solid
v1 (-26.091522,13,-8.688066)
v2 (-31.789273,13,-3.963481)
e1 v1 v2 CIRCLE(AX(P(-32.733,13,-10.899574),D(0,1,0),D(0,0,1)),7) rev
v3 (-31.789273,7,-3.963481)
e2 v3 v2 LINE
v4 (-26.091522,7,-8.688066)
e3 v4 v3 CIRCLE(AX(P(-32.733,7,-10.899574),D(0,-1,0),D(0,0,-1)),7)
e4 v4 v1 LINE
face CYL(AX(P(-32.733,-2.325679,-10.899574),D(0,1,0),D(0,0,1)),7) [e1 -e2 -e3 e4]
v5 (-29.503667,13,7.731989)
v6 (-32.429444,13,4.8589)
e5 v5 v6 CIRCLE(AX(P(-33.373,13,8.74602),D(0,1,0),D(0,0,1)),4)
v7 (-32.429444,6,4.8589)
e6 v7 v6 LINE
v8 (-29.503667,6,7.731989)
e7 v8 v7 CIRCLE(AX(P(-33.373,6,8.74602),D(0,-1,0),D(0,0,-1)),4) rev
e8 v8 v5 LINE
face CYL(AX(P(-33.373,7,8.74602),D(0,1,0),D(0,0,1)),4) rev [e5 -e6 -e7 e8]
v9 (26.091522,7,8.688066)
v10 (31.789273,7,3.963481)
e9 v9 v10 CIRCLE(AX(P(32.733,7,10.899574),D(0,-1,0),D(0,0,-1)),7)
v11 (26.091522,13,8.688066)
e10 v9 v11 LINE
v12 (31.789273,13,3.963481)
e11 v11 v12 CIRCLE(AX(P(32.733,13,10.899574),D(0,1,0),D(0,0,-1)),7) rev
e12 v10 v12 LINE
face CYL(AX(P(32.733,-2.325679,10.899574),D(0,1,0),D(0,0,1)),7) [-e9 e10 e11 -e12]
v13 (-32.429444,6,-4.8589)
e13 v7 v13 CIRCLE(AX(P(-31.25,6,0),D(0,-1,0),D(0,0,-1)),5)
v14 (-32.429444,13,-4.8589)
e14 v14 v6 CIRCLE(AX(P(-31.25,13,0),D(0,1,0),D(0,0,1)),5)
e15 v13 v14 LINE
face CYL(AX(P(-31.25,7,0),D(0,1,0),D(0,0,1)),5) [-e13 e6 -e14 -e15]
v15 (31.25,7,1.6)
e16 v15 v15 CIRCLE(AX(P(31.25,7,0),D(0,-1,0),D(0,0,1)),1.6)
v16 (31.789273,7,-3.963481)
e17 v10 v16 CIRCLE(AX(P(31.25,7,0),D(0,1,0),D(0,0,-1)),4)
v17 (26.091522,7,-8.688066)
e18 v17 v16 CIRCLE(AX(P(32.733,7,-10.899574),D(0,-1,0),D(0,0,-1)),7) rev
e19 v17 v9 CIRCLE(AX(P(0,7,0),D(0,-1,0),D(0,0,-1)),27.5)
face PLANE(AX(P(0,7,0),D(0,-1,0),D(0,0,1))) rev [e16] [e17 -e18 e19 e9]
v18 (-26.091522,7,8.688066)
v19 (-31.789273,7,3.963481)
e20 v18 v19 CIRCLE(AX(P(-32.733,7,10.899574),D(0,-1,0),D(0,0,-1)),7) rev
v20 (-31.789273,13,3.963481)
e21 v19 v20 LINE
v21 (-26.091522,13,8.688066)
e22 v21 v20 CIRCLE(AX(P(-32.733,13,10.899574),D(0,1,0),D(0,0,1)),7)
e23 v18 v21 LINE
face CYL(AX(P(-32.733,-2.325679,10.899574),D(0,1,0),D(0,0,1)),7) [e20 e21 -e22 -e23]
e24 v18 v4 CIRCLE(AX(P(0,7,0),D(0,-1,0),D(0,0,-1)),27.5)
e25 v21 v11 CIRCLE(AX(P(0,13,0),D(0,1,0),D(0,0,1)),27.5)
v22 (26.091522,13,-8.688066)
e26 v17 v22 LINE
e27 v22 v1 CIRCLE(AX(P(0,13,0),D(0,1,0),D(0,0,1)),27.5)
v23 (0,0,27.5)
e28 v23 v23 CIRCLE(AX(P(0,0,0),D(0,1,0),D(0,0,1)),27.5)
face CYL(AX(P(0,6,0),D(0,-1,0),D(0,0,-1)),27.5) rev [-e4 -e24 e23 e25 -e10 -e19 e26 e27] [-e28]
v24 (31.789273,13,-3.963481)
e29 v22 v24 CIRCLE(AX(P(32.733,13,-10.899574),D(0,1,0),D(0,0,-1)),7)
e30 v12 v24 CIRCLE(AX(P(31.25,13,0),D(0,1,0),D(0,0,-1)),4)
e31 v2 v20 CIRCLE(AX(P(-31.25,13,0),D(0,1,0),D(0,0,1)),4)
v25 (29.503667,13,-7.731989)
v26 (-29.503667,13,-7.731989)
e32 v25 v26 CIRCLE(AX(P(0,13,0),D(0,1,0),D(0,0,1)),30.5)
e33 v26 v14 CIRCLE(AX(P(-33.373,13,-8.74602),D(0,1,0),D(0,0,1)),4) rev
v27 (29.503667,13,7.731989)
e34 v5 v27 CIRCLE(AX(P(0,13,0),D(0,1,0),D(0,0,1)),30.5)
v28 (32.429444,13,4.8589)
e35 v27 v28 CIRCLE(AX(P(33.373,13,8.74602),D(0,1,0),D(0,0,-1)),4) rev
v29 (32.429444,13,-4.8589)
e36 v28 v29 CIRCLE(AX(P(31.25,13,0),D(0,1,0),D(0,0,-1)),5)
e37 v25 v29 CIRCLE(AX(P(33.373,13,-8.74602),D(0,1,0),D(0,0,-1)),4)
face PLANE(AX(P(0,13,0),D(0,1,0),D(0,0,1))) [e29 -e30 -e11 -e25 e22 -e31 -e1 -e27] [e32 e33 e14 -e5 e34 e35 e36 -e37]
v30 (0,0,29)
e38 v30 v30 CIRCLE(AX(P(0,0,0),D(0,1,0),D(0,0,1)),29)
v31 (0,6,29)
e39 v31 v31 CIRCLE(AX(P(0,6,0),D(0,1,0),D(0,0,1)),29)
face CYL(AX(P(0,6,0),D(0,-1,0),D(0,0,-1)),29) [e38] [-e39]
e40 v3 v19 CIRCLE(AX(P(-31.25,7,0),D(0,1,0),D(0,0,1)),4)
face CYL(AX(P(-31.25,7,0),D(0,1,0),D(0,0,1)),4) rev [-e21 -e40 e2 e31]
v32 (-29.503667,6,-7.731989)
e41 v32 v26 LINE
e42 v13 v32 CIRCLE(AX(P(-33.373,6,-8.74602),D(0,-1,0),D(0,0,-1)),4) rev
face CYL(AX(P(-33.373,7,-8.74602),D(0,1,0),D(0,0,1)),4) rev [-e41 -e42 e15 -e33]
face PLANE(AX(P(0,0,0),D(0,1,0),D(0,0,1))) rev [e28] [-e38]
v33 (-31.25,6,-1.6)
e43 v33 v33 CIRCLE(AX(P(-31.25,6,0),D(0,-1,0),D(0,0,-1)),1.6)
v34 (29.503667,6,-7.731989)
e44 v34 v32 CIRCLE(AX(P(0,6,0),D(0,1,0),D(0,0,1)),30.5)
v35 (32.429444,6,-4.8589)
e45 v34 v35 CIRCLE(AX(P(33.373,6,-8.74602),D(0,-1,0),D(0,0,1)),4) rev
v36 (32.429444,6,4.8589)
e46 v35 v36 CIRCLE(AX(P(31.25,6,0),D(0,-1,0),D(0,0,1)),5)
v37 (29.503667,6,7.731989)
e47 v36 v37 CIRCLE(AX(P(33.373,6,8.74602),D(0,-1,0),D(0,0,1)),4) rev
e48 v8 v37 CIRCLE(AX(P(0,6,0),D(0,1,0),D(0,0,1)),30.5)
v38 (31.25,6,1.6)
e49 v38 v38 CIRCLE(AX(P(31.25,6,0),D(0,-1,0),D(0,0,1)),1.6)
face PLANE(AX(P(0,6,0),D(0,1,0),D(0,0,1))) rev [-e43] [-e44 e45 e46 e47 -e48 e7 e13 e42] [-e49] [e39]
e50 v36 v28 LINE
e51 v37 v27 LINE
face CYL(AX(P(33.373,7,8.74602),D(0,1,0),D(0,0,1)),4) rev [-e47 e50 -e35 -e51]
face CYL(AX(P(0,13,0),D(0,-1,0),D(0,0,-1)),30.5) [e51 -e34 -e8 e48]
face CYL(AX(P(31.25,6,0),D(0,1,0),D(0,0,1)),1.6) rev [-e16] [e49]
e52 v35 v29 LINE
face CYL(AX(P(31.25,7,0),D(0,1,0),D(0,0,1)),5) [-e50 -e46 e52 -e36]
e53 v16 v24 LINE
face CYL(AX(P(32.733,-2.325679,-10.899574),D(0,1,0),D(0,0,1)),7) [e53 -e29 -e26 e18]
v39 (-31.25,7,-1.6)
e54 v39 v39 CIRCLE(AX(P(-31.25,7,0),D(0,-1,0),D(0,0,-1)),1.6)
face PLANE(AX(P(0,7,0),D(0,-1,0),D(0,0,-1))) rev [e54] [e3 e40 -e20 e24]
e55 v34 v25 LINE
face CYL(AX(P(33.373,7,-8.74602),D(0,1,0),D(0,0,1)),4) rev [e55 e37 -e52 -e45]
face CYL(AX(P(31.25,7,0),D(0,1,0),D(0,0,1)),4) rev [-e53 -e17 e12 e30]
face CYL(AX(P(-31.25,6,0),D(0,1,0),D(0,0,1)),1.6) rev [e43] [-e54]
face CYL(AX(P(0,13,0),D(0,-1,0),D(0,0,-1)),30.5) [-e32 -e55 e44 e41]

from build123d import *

# Parameters (mm, degrees)
SKETCH1_R           = 29
SKETCH1_R_2         = 27.5
BOSS_EXTRUDE1_DEPTH = 6
SKETCH3_R           = 30.5
SKETCH3_R_2         = 27.5
BOSS_EXTRUDE3_DEPTH = 7
BOSS_EXTRUDE4_START = -6
BOSS_EXTRUDE4_DEPTH = 6
CUT_EXTRUDE1_START  = -7
SKETCH6_R           = 4
CUT_EXTRUDE1_DEPTH  = 7
BOSS_EXTRUDE5_START = 1
SKETCH8_R           = 4
SKETCH8_R_2         = 1.6
BOSS_EXTRUDE5_DEPTH = 1
CUT_EXTRUDE2_START  = -6
CUT_EXTRUDE2_DEPTH  = 6
CUT_EXTRUDE3_START  = -10
SKETCH10_R          = 27.5
CUT_EXTRUDE3_DEPTH  = 10
CIRPATTERN1_COUNT   = 2


with BuildPart() as part:
    # Sketch1 → Boss-Extrude1 (new body)
    with BuildSketch(Plane(origin=(0, 0, 0), x_dir=(1, 0, 0), z_dir=(0, 1, 0))):
        with Locations(Location((0, 0, 0), (0, 0, 270))):
            Circle(SKETCH1_R)
        with Locations(Location((0, 0, 0), (0, 0, 270))):
            Circle(SKETCH1_R_2, mode=Mode.SUBTRACT)
    extrude(amount=BOSS_EXTRUDE1_DEPTH)

    # Sketch3 → Boss-Extrude3 (add)
    with BuildSketch(Plane(origin=(0, 6, 0), x_dir=(1, 0, 0), z_dir=(0, 1, 0))):
        with Locations(Location((0, 0, 0), (0, 0, 270))):
            Circle(SKETCH3_R)
        with Locations(Location((0, 0, 0), (0, 0, 270))):
            Circle(SKETCH3_R_2, mode=Mode.SUBTRACT)
    extrude(amount=BOSS_EXTRUDE3_DEPTH)

    # Sketch4 → Boss-Extrude4 (add)
    with BuildSketch(Plane(origin=(0, 13, 0), x_dir=(1, 0, 0), z_dir=(0, 1, 0)).offset(BOSS_EXTRUDE4_START)):
        with BuildLine():
            ThreePointArc((-30.253, -3.873756704), (-35.25, 0), (-30.253, 3.873756704))
            ThreePointArc((-30.253, 3.873756704), (-30.245409649, 3.932581236), (-30.237704918, 3.991390897))
            ThreePointArc((-30.237704918, 3.991390897), (-29.929181214, 5.873168807), (-29.503666667, 7.731988956))
            ThreePointArc((-29.503666667, 7.731988956), (-30.570387885, 5.892011652), (-32.429444444, 4.858900164))
            ThreePointArc((-32.429444444, 4.858900164), (-36.25, 0), (-32.429444444, -4.858900164))
            ThreePointArc((-32.429444444, -4.858900164), (-30.570387885, -5.892011652), (-29.503666667, -7.731988956))
            ThreePointArc((-29.503666667, -7.731988956), (-29.929181214, -5.873168807), (-30.237704918, -3.991390897))
            ThreePointArc((-30.237704918, -3.991390897), (-30.245409649, -3.932581236), (-30.253, -3.873756704))
        make_face()
    boss_extrude4 = extrude(amount=BOSS_EXTRUDE4_DEPTH)

    # Sketch6 → Cut-Extrude1 (cut)
    with BuildSketch(Plane(origin=(0, 13, 0), x_dir=(1, 0, 0), z_dir=(0, 1, 0)).offset(CUT_EXTRUDE1_START)):
        with Locations((-31.25, 0)):
            Circle(SKETCH6_R)
    cut_extrude1 = extrude(amount=CUT_EXTRUDE1_DEPTH, mode=Mode.SUBTRACT)

    # Sketch8 → Boss-Extrude5 (add)
    # profile 1 of 2: a face of its own
    with BuildSketch(Plane.XZ.offset(-7).offset(BOSS_EXTRUDE5_START)):
        with Locations((-31.25, 0)):
            Circle(SKETCH8_R)
        with Locations(Location((-31.25, 0, 0), (0, 0, 270))):
            Circle(SKETCH8_R_2, mode=Mode.SUBTRACT)
    # profile 2 of 2: a face of its own
    with BuildSketch(Plane.XZ.offset(-7).offset(BOSS_EXTRUDE5_START)):
        with BuildLine():
            ThreePointArc((-30.253, -3.873756704), (-29.94054595, -5.814955562), (-29.503666667, -7.731988956))
            ThreePointArc((-29.503666667, -7.731988956), (-30.570387885, -5.892011652), (-32.429444444, -4.858900164))
            ThreePointArc((-32.429444444, -4.858900164), (-36.25, 0), (-32.429444444, 4.858900164))
            ThreePointArc((-32.429444444, 4.858900164), (-30.570387885, 5.892011652), (-29.503666667, 7.731988956))
            ThreePointArc((-29.503666667, 7.731988956), (-29.94054595, 5.814955562), (-30.253, 3.873756704))
            ThreePointArc((-30.253, 3.873756704), (-35.25, 0), (-30.253, -3.873756704))
        make_face()
    boss_extrude5 = extrude(amount=-BOSS_EXTRUDE5_DEPTH)

    # Sketch9 → Cut-Extrude2 (cut)
    with BuildSketch(Plane(origin=(0, 13, 0), x_dir=(1, 0, 0), z_dir=(0, 1, 0)).offset(CUT_EXTRUDE2_START)):
        with BuildLine():
            ThreePointArc((-27.469, 1.305388448), (-27.033467309, 5.04397118), (-26.091521739, 8.688066145))
            ThreePointArc((-26.091521739, 8.688066145), (-28.264861577, 5.511091819), (-31.789272727, 3.963481415))
            ThreePointArc((-31.789272727, 3.963481415), (-29.15391711, 3.406822055), (-27.469, 1.305388448))
        make_face()
        with BuildLine():
            ThreePointArc((-31.789272727, -3.963481415), (-28.264861577, -5.511091819), (-26.091521739, -8.688066145))
            ThreePointArc((-26.091521739, -8.688066145), (-27.033467309, -5.04397118), (-27.469, -1.305388448))
            ThreePointArc((-27.469, -1.305388448), (-29.15391711, -3.406822055), (-31.789272727, -3.963481415))
        make_face()
    cut_extrude2 = extrude(amount=CUT_EXTRUDE2_DEPTH, mode=Mode.SUBTRACT)

    # Sketch10 → Cut-Extrude3 (cut)
    with BuildSketch(Plane(origin=(0, 7, 0), x_dir=(1, 0, 0), z_dir=(0, 1, 0)).offset(CUT_EXTRUDE3_START)):
        with Locations(Location((0, 0, 0), (0, 0, 161.583053277))):
            Circle(SKETCH10_R)
    cut_extrude3 = extrude(amount=CUT_EXTRUDE3_DEPTH, mode=Mode.SUBTRACT)

    # CirPattern1: Boss-Extrude4, Cut-Extrude1, Boss-Extrude5, Cut-Extrude2, Cut-Extrude3 ×2 about axis
    cirpattern1_axis = Axis((0, 0, 0), (0, 1, 0))
    add([boss_extrude4.rotate(cirpattern1_axis, i * 360 / CIRPATTERN1_COUNT) for i in range(1, CIRPATTERN1_COUNT)])
    add([cut_extrude1.rotate(cirpattern1_axis, i * 360 / CIRPATTERN1_COUNT) for i in range(1, CIRPATTERN1_COUNT)], mode=Mode.SUBTRACT)
    add([boss_extrude5.rotate(cirpattern1_axis, i * 360 / CIRPATTERN1_COUNT) for i in range(1, CIRPATTERN1_COUNT)])
    add([cut_extrude2.rotate(cirpattern1_axis, i * 360 / CIRPATTERN1_COUNT) for i in range(1, CIRPATTERN1_COUNT)], mode=Mode.SUBTRACT)
    add([cut_extrude3.rotate(cirpattern1_axis, i * 360 / CIRPATTERN1_COUNT) for i in range(1, CIRPATTERN1_COUNT)], mode=Mode.SUBTRACT)


solid = part.part
